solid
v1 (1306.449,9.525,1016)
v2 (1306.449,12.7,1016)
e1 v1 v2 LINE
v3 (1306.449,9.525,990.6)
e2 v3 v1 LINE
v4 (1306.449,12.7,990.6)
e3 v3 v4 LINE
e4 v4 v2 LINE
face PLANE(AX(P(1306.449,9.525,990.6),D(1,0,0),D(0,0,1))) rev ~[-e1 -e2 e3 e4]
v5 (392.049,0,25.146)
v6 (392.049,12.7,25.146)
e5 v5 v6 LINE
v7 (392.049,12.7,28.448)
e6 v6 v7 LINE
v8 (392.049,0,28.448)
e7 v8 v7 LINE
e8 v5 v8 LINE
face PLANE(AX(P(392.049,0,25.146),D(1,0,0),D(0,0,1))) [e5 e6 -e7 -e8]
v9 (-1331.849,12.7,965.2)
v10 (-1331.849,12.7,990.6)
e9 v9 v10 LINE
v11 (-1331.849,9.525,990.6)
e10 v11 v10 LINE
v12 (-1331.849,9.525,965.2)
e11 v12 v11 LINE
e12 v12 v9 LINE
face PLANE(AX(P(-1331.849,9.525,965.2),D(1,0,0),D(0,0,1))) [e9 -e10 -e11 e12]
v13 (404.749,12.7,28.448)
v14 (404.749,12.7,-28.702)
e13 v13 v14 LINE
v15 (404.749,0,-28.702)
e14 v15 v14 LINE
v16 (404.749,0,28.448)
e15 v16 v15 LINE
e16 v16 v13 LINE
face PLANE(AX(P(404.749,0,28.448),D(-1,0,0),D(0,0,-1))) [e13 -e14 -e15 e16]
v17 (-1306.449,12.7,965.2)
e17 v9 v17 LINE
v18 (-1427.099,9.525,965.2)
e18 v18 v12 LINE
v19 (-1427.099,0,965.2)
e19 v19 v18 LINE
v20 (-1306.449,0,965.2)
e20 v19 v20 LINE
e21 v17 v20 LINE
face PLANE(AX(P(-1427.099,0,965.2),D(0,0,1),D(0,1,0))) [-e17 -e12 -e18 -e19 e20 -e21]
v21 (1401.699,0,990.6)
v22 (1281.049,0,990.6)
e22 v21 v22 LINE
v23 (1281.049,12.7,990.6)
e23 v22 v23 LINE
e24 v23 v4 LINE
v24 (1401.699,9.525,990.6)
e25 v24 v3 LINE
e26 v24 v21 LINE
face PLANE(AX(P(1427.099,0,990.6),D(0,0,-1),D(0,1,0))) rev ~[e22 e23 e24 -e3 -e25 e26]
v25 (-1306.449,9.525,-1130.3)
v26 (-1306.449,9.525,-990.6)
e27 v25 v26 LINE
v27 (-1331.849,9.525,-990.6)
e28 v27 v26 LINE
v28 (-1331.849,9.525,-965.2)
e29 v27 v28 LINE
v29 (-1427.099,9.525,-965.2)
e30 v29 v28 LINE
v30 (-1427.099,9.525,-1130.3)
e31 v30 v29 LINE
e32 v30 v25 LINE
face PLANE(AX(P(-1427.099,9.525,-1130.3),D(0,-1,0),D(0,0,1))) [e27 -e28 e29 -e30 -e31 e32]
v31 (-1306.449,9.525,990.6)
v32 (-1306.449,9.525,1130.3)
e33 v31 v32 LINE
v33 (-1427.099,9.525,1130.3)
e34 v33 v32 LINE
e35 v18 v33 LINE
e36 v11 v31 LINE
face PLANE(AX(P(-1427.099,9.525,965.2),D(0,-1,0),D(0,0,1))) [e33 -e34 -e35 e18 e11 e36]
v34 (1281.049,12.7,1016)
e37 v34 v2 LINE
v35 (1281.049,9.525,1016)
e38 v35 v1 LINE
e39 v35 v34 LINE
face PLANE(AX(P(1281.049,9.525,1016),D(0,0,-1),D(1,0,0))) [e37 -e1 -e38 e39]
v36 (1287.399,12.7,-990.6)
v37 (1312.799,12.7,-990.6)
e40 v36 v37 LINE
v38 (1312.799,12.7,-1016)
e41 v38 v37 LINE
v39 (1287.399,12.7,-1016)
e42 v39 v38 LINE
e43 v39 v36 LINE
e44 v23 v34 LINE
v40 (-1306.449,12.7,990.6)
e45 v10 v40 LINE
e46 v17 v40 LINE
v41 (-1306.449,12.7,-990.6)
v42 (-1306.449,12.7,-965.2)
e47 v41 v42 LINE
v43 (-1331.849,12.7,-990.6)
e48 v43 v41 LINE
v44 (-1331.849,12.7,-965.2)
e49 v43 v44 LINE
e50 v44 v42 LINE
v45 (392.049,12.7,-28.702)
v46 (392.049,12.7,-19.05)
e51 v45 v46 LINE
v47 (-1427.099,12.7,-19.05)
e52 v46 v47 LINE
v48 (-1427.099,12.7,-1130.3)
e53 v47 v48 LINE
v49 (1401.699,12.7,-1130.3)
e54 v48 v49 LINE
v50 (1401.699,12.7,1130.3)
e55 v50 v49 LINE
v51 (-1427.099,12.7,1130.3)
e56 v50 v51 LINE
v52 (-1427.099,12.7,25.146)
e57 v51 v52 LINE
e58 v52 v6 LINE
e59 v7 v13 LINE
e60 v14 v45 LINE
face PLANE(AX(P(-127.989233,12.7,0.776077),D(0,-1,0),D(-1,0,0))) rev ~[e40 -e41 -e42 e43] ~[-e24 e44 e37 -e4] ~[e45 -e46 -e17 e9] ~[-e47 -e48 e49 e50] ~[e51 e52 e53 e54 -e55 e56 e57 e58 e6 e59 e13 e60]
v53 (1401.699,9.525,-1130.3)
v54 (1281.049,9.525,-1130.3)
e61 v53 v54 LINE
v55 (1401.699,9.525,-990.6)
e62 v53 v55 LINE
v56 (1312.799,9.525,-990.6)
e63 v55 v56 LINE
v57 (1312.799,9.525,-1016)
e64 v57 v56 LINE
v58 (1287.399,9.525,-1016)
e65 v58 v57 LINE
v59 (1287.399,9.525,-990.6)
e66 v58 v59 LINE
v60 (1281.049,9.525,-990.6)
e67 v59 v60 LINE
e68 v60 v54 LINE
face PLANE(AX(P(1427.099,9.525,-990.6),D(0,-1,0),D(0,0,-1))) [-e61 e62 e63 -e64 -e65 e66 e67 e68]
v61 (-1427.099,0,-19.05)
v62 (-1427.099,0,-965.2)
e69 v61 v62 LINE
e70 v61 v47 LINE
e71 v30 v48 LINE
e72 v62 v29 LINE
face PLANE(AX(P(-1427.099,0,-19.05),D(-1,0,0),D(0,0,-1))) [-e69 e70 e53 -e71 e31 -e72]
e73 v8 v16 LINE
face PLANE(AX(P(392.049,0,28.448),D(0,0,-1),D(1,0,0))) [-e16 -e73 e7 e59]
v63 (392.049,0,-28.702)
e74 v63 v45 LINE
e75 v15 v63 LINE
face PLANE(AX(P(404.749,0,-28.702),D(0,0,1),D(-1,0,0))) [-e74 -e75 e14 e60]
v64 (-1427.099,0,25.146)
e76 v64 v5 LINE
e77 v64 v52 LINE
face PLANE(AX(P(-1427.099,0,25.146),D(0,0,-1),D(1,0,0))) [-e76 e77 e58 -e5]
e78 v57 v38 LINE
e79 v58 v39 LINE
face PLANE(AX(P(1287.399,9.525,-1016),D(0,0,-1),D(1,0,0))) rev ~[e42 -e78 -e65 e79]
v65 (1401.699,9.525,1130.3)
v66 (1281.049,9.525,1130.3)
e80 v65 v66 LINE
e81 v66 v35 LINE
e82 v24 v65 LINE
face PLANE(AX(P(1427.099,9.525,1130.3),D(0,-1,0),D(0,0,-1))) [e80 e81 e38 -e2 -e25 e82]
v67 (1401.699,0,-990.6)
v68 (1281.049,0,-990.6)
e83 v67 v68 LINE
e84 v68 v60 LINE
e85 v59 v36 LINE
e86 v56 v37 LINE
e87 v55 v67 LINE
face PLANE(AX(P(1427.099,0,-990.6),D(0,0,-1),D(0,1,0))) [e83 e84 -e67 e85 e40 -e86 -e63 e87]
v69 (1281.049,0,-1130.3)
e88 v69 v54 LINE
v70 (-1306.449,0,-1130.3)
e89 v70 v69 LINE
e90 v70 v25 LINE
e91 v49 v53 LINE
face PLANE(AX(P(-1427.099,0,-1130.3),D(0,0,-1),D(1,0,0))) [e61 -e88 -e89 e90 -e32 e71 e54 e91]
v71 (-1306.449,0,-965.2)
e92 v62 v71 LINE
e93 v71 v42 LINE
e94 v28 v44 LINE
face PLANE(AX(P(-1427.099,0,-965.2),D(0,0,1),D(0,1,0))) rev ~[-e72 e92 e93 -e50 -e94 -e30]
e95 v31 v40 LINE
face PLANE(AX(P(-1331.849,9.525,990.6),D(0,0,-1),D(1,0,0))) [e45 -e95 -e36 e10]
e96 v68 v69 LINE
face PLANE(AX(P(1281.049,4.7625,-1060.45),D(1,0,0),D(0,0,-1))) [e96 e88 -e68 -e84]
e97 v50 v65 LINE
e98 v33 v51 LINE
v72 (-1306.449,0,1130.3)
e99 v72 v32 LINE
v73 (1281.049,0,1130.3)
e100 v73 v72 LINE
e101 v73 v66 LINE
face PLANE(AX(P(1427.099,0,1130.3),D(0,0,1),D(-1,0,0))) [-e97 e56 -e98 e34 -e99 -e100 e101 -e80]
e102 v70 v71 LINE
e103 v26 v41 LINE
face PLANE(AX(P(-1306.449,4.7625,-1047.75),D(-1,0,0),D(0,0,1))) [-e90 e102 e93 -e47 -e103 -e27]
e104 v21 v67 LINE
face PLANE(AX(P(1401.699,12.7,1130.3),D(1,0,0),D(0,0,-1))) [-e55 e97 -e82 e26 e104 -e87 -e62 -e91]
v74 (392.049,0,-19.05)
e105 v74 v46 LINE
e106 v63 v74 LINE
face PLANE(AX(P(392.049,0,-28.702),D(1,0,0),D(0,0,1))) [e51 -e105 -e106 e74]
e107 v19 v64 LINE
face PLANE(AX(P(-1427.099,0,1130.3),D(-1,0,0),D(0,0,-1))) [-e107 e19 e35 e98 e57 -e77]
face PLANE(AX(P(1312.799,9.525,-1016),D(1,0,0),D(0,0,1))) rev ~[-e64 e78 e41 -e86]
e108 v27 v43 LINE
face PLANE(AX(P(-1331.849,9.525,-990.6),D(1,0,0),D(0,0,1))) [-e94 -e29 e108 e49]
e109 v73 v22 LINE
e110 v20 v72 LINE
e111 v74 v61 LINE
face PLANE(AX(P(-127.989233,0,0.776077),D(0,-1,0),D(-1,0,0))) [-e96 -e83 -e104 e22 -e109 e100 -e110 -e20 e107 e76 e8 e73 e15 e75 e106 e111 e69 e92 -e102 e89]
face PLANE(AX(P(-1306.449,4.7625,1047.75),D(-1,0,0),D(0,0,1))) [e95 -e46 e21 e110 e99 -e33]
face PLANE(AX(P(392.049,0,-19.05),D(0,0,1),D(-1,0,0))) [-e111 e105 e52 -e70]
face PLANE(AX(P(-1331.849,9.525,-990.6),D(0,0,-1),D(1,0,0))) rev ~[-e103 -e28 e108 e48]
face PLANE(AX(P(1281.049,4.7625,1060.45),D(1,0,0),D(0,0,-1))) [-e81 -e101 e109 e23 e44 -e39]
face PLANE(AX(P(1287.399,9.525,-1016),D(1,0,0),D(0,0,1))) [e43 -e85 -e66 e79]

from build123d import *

# Parameters (mm, degrees)
BOSS_EXTRUDE1_DEPTH = 12.7
SKETCH3_W           = 139.7
SKETCH3_H           = 9.525
CUT_EXTRUDE2_DEPTH  = 146.05
SKETCH4_W           = 165.1
SKETCH4_H           = 9.525
CUT_EXTRUDE3_DEPTH  = 120.65
SKETCH5_W           = 25.4
SKETCH5_H           = 25.4
CUT_EXTRUDE4_DEPTH  = 3.175
SKETCH6_W           = 25.4
SKETCH6_H           = 2260.6
CUT_EXTRUDE5_DEPTH  = 12.7


with BuildPart() as part:
    # Sketch1 → Boss-Extrude1 (new body)
    with BuildSketch(Plane(origin=(0, 0, 0), x_dir=(1, 0, 0), z_dir=(0, 1, 0))):
        Polygon((1427.099, -1130.3), (-1427.099, -1130.3), (-1427.099, -25.146), (392.049, -25.146), (392.049, -28.448), (404.749, -28.448), (404.749, 28.702), (392.049, 28.702), (392.049, 19.05), (-1427.099, 19.05), (-1427.099, 1130.3), (1427.099, 1130.3), align=None)
    extrude(amount=BOSS_EXTRUDE1_DEPTH)

    # Sketch3 → Cut-Extrude2 (cut)
    with BuildSketch(Plane(origin=(1427.099, 0, 0), x_dir=(0, 0, -1), z_dir=(1, 0, 0))):
        with Locations((-1060.45, 4.7625)):
            Rectangle(SKETCH3_W, SKETCH3_H)
        with Locations((1060.45, 4.7625)):
            Rectangle(SKETCH3_W, SKETCH3_H)
    extrude(amount=-CUT_EXTRUDE2_DEPTH, mode=Mode.SUBTRACT)

    # Sketch4 → Cut-Extrude3 (cut)
    with BuildSketch(Plane.ZY.offset(1427.099)):
        with Locations((1047.75, 4.7625)):
            Rectangle(SKETCH4_W, SKETCH4_H)
        with Locations((-1047.75, 4.7625)):
            Rectangle(SKETCH4_W, SKETCH4_H)
    extrude(amount=-CUT_EXTRUDE3_DEPTH, mode=Mode.SUBTRACT)

    # Sketch5 → Cut-Extrude4 (cut)
    with BuildSketch(Plane.XZ.offset(-9.525)):
        with Locations((-1319.149, 977.9)):
            Rectangle(SKETCH5_W, SKETCH5_H)
        with Locations((-1319.149, -977.9)):
            Rectangle(SKETCH5_W, SKETCH5_H)
        with Locations((1300.099, -1003.3)):
            Rectangle(SKETCH5_W, SKETCH5_H)
        with Locations((1293.749, 1003.3)):
            Rectangle(SKETCH5_W, SKETCH5_H)
    extrude(amount=-CUT_EXTRUDE4_DEPTH, mode=Mode.SUBTRACT)

    # Sketch6 → Cut-Extrude5 (cut)
    with BuildSketch(Plane(origin=(0, 12.7, 0), x_dir=(1, 0, 0), z_dir=(0, 1, 0))):
        with Locations((1414.399, 0)):
            Rectangle(SKETCH6_W, SKETCH6_H)
    extrude(amount=-CUT_EXTRUDE5_DEPTH, mode=Mode.SUBTRACT)


solid = part.part
